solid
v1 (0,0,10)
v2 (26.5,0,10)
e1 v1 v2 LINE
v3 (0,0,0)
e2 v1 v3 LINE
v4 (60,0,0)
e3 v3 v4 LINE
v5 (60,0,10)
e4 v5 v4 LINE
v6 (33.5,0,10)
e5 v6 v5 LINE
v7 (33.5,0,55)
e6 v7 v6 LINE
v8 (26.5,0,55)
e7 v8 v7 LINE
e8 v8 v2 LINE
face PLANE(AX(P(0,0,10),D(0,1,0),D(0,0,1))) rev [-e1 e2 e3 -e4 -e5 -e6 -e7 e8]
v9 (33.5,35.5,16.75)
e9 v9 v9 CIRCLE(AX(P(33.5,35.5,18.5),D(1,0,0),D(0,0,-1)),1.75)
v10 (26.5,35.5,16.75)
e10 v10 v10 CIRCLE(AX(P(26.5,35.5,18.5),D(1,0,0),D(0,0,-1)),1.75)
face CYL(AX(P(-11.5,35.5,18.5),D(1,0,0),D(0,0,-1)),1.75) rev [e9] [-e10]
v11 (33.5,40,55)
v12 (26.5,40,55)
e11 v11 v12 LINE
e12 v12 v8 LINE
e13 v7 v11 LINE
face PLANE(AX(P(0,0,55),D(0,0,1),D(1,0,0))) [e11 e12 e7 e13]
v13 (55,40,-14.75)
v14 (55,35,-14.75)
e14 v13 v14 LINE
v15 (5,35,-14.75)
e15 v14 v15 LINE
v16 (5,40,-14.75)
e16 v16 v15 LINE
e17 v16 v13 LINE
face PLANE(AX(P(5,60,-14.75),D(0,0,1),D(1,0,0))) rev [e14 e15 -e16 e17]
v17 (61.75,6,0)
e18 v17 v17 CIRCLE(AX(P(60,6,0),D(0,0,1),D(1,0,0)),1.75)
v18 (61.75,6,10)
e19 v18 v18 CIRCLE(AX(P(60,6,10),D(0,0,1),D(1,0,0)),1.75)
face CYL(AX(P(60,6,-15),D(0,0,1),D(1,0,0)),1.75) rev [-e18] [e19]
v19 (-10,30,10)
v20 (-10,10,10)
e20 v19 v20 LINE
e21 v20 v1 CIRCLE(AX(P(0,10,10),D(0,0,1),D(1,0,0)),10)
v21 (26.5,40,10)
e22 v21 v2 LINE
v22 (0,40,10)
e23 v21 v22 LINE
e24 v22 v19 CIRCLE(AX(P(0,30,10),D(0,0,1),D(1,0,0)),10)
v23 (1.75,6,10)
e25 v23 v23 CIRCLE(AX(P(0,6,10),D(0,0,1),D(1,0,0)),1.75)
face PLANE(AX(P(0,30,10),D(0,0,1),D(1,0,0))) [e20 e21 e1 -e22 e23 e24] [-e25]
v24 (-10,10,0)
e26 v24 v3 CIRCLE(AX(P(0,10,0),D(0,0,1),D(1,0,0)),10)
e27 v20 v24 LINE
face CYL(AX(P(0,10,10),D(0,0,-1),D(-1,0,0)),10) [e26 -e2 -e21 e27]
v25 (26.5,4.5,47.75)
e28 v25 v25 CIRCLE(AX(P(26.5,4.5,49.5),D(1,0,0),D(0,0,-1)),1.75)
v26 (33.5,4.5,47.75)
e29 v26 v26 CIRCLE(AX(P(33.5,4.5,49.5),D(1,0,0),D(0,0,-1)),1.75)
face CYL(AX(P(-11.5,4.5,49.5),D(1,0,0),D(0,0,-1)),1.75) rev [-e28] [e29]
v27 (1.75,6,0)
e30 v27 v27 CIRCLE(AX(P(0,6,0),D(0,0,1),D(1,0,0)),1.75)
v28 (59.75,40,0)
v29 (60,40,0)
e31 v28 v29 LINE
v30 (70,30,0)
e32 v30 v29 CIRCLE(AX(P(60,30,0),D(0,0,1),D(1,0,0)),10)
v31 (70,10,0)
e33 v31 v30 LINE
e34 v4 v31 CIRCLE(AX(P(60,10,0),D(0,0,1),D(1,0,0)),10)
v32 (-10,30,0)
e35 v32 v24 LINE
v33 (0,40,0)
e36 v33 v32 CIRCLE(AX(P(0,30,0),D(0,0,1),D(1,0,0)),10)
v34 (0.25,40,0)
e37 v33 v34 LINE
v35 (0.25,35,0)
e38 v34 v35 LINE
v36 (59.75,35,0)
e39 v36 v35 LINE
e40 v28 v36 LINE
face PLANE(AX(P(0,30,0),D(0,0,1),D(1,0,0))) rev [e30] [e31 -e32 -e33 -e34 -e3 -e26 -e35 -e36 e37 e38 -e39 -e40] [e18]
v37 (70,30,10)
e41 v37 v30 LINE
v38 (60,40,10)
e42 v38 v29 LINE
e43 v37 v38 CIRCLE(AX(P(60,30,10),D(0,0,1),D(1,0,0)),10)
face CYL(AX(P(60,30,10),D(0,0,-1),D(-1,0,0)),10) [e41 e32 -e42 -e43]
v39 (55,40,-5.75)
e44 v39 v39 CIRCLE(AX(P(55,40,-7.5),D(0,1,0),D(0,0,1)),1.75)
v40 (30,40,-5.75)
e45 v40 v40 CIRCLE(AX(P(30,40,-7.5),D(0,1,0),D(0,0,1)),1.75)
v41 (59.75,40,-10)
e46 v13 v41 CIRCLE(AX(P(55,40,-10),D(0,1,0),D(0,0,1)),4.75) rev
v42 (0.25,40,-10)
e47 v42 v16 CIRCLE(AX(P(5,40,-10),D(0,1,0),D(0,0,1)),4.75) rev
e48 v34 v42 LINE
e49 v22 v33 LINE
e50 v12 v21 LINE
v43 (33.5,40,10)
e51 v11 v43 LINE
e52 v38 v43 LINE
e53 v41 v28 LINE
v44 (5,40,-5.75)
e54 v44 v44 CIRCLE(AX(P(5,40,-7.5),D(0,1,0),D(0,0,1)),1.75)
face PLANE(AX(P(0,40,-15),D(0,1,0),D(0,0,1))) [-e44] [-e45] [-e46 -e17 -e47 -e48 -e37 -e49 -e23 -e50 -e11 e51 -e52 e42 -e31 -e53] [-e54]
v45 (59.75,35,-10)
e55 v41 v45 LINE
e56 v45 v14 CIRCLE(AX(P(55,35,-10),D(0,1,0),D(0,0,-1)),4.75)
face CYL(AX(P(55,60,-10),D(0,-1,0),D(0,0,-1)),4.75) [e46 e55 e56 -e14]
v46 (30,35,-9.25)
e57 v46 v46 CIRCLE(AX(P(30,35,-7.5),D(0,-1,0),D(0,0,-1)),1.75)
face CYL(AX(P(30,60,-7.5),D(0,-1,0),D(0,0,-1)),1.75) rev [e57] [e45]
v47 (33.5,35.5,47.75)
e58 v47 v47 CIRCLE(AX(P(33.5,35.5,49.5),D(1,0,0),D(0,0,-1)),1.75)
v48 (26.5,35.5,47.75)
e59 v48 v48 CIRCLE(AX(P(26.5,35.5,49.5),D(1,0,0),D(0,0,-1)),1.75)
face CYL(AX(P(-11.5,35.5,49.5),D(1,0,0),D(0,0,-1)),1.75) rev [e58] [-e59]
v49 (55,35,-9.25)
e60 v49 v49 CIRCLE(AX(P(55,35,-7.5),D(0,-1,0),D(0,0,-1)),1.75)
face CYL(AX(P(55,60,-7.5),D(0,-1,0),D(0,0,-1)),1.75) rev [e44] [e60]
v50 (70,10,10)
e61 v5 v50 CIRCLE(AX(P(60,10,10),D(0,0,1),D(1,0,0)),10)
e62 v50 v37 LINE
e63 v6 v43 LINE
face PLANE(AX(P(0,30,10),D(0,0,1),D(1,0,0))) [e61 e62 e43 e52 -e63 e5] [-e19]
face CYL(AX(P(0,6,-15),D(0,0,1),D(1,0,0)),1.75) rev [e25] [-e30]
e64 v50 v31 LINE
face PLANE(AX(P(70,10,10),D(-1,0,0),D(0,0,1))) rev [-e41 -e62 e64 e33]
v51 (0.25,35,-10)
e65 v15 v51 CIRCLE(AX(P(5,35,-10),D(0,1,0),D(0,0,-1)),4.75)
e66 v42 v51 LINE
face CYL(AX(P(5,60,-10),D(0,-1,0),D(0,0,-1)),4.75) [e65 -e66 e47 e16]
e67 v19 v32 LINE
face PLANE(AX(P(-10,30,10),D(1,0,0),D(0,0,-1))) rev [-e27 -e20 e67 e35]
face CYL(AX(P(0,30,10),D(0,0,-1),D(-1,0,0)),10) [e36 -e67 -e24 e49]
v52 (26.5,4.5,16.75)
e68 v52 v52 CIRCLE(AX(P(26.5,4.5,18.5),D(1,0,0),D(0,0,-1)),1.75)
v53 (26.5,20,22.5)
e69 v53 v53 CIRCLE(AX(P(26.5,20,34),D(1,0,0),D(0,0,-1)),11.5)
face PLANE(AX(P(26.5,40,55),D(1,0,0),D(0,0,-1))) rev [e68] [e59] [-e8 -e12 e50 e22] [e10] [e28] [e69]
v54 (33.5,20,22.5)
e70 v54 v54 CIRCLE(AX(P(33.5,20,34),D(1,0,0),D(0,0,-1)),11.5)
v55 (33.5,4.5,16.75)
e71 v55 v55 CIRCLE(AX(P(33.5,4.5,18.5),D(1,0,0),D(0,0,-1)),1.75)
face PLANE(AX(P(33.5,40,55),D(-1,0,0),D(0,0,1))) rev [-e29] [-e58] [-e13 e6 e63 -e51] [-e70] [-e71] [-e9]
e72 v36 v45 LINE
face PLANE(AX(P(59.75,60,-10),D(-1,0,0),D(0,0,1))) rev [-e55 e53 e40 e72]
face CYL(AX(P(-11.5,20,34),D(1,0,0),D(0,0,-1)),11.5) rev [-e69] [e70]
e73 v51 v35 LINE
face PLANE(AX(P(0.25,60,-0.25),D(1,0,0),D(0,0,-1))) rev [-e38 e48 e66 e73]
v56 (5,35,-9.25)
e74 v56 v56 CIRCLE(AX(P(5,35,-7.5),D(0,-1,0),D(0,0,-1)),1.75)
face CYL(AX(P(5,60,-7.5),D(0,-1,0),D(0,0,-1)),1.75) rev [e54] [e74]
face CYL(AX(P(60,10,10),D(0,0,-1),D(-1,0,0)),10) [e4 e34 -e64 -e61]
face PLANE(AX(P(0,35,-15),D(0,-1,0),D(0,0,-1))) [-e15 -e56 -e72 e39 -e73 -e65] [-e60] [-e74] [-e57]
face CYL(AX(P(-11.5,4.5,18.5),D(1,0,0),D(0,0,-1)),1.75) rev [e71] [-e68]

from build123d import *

# Parameters (mm, degrees)
BOSS_EXTRUDE1_DEPTH = 10
SKETCH2_W           = 60
SKETCH2_H           = 5
BOSS_EXTRUDE2_DEPTH = 25
FILLET1_R           = 5
SKETCH3_R           = 1.75
CUT_EXTRUDE1_DEPTH  = 25
SKETCH4_R           = 1.75
CUT_EXTRUDE2_DEPTH  = 25
CUT_EXTRUDE3_DEPTH  = 25
SKETCH6_W           = 7
SKETCH6_H           = 40
BOSS_EXTRUDE3_DEPTH = 45
SKETCH7_R           = 11.5
SKETCH7_R_2         = 1.75
CUT_EXTRUDE4_DEPTH  = 45


with BuildPart() as part:
    # Sketch1 → Boss-Extrude1 (new body)
    with BuildSketch(Plane.XY):
        with BuildLine():
            Line((60, 35), (0, 35))
            Line((0, 35), (0, 40))
            ThreePointArc((0, 40), (-7.071067812, 37.071067812), (-10, 30))
            Line((-10, 30), (-10, 10))
            ThreePointArc((-10, 10), (-7.071067812, 2.928932188), (0, 0))
            Line((0, 0), (60, 0))
            ThreePointArc((60, 0), (67.071067812, 2.928932188), (70, 10))
            Line((70, 10), (70, 30))
            ThreePointArc((70, 30), (67.071067812, 37.071067812), (60, 40))
            Line((60, 40), (60, 35))
        make_face()
    extrude(amount=BOSS_EXTRUDE1_DEPTH)

    # Sketch2 → Boss-Extrude2 (add)
    with BuildSketch(Plane.XY.offset(10)):
        with Locations((30, 37.5)):
            Rectangle(SKETCH2_W, SKETCH2_H)
    extrude(amount=-BOSS_EXTRUDE2_DEPTH)

    # Fillet1
    fillet1_edges = [part.edges().sort_by_distance(p)[0] for p in [
        (0, 37.5, -15),
        (60, 37.5, -15),
    ]]
    fillet(fillet1_edges, radius=FILLET1_R)

    # Sketch3 → Cut-Extrude1 (cut)
    with BuildSketch(Plane.XY.offset(10)):
        with Locations((0, 6)):
            Circle(SKETCH3_R)
        with Locations((60, 6)):
            Circle(SKETCH3_R)
    extrude(amount=-CUT_EXTRUDE1_DEPTH, mode=Mode.SUBTRACT)

    # Sketch4 → Cut-Extrude2 (cut)
    with BuildSketch(Plane(origin=(0, 35, 0), x_dir=(-1, 0, 0), z_dir=(0, -1, 0))):
        with Locations((-55, 7.5)):
            Circle(SKETCH4_R)
        with Locations((-30, 7.5)):
            Circle(SKETCH4_R)
        with Locations((-5, 7.5)):
            Circle(SKETCH4_R)
    extrude(amount=-CUT_EXTRUDE2_DEPTH, mode=Mode.SUBTRACT)

    # Sketch5 → Cut-Extrude3 (cut)
    with BuildSketch(Plane.XZ.offset(-35)):
        with BuildLine():
            Line((5, -14.75), (55, -14.75))
            ThreePointArc((55, -14.75), (58.358757211, -13.358757211), (59.75, -10))
            Line((59.75, -10), (59.75, -0.25))
            Line((59.75, -0.25), (59.75, 0))
            Line((59.75, 0), (60, 0))
            Line((60, 0), (60, -10))
            ThreePointArc((60, -10), (58.535533906, -13.535533906), (55, -15))
            Line((55, -15), (5, -15))
            ThreePointArc((5, -15), (1.464466094, -13.535533906), (0, -10))
            Line((0, -10), (0, 0))
            Line((0, 0), (0.25, 0))
            Line((0.25, 0), (0.25, -0.25))
            Line((0.25, -0.25), (0.25, -10))
            ThreePointArc((0.25, -10), (1.641242789, -13.358757211), (5, -14.75))
        make_face()
    extrude(amount=-CUT_EXTRUDE3_DEPTH, mode=Mode.SUBTRACT)

    # Sketch6 → Boss-Extrude3 (add)
    with BuildSketch(Plane.XY.offset(10)):
        with Locations((30, 20)):
            Rectangle(SKETCH6_W, SKETCH6_H)
    extrude(amount=BOSS_EXTRUDE3_DEPTH)

    # Sketch7 → Cut-Extrude4 (cut)
    with BuildSketch(Plane(origin=(33.5, 0, 0), x_dir=(0, 0, -1), z_dir=(1, 0, 0))):
        with Locations((-34, 20)):
            Circle(SKETCH7_R)
        with Locations((-49.5, 35.5)):
            Circle(SKETCH7_R_2)
        with Locations((-18.5, 35.5)):
            Circle(SKETCH7_R_2)
        with Locations((-18.5, 4.5)):
            Circle(SKETCH7_R_2)
        with Locations((-49.5, 4.5)):
            Circle(SKETCH7_R_2)
    extrude(amount=-CUT_EXTRUDE4_DEPTH, mode=Mode.SUBTRACT)


solid = part.part
